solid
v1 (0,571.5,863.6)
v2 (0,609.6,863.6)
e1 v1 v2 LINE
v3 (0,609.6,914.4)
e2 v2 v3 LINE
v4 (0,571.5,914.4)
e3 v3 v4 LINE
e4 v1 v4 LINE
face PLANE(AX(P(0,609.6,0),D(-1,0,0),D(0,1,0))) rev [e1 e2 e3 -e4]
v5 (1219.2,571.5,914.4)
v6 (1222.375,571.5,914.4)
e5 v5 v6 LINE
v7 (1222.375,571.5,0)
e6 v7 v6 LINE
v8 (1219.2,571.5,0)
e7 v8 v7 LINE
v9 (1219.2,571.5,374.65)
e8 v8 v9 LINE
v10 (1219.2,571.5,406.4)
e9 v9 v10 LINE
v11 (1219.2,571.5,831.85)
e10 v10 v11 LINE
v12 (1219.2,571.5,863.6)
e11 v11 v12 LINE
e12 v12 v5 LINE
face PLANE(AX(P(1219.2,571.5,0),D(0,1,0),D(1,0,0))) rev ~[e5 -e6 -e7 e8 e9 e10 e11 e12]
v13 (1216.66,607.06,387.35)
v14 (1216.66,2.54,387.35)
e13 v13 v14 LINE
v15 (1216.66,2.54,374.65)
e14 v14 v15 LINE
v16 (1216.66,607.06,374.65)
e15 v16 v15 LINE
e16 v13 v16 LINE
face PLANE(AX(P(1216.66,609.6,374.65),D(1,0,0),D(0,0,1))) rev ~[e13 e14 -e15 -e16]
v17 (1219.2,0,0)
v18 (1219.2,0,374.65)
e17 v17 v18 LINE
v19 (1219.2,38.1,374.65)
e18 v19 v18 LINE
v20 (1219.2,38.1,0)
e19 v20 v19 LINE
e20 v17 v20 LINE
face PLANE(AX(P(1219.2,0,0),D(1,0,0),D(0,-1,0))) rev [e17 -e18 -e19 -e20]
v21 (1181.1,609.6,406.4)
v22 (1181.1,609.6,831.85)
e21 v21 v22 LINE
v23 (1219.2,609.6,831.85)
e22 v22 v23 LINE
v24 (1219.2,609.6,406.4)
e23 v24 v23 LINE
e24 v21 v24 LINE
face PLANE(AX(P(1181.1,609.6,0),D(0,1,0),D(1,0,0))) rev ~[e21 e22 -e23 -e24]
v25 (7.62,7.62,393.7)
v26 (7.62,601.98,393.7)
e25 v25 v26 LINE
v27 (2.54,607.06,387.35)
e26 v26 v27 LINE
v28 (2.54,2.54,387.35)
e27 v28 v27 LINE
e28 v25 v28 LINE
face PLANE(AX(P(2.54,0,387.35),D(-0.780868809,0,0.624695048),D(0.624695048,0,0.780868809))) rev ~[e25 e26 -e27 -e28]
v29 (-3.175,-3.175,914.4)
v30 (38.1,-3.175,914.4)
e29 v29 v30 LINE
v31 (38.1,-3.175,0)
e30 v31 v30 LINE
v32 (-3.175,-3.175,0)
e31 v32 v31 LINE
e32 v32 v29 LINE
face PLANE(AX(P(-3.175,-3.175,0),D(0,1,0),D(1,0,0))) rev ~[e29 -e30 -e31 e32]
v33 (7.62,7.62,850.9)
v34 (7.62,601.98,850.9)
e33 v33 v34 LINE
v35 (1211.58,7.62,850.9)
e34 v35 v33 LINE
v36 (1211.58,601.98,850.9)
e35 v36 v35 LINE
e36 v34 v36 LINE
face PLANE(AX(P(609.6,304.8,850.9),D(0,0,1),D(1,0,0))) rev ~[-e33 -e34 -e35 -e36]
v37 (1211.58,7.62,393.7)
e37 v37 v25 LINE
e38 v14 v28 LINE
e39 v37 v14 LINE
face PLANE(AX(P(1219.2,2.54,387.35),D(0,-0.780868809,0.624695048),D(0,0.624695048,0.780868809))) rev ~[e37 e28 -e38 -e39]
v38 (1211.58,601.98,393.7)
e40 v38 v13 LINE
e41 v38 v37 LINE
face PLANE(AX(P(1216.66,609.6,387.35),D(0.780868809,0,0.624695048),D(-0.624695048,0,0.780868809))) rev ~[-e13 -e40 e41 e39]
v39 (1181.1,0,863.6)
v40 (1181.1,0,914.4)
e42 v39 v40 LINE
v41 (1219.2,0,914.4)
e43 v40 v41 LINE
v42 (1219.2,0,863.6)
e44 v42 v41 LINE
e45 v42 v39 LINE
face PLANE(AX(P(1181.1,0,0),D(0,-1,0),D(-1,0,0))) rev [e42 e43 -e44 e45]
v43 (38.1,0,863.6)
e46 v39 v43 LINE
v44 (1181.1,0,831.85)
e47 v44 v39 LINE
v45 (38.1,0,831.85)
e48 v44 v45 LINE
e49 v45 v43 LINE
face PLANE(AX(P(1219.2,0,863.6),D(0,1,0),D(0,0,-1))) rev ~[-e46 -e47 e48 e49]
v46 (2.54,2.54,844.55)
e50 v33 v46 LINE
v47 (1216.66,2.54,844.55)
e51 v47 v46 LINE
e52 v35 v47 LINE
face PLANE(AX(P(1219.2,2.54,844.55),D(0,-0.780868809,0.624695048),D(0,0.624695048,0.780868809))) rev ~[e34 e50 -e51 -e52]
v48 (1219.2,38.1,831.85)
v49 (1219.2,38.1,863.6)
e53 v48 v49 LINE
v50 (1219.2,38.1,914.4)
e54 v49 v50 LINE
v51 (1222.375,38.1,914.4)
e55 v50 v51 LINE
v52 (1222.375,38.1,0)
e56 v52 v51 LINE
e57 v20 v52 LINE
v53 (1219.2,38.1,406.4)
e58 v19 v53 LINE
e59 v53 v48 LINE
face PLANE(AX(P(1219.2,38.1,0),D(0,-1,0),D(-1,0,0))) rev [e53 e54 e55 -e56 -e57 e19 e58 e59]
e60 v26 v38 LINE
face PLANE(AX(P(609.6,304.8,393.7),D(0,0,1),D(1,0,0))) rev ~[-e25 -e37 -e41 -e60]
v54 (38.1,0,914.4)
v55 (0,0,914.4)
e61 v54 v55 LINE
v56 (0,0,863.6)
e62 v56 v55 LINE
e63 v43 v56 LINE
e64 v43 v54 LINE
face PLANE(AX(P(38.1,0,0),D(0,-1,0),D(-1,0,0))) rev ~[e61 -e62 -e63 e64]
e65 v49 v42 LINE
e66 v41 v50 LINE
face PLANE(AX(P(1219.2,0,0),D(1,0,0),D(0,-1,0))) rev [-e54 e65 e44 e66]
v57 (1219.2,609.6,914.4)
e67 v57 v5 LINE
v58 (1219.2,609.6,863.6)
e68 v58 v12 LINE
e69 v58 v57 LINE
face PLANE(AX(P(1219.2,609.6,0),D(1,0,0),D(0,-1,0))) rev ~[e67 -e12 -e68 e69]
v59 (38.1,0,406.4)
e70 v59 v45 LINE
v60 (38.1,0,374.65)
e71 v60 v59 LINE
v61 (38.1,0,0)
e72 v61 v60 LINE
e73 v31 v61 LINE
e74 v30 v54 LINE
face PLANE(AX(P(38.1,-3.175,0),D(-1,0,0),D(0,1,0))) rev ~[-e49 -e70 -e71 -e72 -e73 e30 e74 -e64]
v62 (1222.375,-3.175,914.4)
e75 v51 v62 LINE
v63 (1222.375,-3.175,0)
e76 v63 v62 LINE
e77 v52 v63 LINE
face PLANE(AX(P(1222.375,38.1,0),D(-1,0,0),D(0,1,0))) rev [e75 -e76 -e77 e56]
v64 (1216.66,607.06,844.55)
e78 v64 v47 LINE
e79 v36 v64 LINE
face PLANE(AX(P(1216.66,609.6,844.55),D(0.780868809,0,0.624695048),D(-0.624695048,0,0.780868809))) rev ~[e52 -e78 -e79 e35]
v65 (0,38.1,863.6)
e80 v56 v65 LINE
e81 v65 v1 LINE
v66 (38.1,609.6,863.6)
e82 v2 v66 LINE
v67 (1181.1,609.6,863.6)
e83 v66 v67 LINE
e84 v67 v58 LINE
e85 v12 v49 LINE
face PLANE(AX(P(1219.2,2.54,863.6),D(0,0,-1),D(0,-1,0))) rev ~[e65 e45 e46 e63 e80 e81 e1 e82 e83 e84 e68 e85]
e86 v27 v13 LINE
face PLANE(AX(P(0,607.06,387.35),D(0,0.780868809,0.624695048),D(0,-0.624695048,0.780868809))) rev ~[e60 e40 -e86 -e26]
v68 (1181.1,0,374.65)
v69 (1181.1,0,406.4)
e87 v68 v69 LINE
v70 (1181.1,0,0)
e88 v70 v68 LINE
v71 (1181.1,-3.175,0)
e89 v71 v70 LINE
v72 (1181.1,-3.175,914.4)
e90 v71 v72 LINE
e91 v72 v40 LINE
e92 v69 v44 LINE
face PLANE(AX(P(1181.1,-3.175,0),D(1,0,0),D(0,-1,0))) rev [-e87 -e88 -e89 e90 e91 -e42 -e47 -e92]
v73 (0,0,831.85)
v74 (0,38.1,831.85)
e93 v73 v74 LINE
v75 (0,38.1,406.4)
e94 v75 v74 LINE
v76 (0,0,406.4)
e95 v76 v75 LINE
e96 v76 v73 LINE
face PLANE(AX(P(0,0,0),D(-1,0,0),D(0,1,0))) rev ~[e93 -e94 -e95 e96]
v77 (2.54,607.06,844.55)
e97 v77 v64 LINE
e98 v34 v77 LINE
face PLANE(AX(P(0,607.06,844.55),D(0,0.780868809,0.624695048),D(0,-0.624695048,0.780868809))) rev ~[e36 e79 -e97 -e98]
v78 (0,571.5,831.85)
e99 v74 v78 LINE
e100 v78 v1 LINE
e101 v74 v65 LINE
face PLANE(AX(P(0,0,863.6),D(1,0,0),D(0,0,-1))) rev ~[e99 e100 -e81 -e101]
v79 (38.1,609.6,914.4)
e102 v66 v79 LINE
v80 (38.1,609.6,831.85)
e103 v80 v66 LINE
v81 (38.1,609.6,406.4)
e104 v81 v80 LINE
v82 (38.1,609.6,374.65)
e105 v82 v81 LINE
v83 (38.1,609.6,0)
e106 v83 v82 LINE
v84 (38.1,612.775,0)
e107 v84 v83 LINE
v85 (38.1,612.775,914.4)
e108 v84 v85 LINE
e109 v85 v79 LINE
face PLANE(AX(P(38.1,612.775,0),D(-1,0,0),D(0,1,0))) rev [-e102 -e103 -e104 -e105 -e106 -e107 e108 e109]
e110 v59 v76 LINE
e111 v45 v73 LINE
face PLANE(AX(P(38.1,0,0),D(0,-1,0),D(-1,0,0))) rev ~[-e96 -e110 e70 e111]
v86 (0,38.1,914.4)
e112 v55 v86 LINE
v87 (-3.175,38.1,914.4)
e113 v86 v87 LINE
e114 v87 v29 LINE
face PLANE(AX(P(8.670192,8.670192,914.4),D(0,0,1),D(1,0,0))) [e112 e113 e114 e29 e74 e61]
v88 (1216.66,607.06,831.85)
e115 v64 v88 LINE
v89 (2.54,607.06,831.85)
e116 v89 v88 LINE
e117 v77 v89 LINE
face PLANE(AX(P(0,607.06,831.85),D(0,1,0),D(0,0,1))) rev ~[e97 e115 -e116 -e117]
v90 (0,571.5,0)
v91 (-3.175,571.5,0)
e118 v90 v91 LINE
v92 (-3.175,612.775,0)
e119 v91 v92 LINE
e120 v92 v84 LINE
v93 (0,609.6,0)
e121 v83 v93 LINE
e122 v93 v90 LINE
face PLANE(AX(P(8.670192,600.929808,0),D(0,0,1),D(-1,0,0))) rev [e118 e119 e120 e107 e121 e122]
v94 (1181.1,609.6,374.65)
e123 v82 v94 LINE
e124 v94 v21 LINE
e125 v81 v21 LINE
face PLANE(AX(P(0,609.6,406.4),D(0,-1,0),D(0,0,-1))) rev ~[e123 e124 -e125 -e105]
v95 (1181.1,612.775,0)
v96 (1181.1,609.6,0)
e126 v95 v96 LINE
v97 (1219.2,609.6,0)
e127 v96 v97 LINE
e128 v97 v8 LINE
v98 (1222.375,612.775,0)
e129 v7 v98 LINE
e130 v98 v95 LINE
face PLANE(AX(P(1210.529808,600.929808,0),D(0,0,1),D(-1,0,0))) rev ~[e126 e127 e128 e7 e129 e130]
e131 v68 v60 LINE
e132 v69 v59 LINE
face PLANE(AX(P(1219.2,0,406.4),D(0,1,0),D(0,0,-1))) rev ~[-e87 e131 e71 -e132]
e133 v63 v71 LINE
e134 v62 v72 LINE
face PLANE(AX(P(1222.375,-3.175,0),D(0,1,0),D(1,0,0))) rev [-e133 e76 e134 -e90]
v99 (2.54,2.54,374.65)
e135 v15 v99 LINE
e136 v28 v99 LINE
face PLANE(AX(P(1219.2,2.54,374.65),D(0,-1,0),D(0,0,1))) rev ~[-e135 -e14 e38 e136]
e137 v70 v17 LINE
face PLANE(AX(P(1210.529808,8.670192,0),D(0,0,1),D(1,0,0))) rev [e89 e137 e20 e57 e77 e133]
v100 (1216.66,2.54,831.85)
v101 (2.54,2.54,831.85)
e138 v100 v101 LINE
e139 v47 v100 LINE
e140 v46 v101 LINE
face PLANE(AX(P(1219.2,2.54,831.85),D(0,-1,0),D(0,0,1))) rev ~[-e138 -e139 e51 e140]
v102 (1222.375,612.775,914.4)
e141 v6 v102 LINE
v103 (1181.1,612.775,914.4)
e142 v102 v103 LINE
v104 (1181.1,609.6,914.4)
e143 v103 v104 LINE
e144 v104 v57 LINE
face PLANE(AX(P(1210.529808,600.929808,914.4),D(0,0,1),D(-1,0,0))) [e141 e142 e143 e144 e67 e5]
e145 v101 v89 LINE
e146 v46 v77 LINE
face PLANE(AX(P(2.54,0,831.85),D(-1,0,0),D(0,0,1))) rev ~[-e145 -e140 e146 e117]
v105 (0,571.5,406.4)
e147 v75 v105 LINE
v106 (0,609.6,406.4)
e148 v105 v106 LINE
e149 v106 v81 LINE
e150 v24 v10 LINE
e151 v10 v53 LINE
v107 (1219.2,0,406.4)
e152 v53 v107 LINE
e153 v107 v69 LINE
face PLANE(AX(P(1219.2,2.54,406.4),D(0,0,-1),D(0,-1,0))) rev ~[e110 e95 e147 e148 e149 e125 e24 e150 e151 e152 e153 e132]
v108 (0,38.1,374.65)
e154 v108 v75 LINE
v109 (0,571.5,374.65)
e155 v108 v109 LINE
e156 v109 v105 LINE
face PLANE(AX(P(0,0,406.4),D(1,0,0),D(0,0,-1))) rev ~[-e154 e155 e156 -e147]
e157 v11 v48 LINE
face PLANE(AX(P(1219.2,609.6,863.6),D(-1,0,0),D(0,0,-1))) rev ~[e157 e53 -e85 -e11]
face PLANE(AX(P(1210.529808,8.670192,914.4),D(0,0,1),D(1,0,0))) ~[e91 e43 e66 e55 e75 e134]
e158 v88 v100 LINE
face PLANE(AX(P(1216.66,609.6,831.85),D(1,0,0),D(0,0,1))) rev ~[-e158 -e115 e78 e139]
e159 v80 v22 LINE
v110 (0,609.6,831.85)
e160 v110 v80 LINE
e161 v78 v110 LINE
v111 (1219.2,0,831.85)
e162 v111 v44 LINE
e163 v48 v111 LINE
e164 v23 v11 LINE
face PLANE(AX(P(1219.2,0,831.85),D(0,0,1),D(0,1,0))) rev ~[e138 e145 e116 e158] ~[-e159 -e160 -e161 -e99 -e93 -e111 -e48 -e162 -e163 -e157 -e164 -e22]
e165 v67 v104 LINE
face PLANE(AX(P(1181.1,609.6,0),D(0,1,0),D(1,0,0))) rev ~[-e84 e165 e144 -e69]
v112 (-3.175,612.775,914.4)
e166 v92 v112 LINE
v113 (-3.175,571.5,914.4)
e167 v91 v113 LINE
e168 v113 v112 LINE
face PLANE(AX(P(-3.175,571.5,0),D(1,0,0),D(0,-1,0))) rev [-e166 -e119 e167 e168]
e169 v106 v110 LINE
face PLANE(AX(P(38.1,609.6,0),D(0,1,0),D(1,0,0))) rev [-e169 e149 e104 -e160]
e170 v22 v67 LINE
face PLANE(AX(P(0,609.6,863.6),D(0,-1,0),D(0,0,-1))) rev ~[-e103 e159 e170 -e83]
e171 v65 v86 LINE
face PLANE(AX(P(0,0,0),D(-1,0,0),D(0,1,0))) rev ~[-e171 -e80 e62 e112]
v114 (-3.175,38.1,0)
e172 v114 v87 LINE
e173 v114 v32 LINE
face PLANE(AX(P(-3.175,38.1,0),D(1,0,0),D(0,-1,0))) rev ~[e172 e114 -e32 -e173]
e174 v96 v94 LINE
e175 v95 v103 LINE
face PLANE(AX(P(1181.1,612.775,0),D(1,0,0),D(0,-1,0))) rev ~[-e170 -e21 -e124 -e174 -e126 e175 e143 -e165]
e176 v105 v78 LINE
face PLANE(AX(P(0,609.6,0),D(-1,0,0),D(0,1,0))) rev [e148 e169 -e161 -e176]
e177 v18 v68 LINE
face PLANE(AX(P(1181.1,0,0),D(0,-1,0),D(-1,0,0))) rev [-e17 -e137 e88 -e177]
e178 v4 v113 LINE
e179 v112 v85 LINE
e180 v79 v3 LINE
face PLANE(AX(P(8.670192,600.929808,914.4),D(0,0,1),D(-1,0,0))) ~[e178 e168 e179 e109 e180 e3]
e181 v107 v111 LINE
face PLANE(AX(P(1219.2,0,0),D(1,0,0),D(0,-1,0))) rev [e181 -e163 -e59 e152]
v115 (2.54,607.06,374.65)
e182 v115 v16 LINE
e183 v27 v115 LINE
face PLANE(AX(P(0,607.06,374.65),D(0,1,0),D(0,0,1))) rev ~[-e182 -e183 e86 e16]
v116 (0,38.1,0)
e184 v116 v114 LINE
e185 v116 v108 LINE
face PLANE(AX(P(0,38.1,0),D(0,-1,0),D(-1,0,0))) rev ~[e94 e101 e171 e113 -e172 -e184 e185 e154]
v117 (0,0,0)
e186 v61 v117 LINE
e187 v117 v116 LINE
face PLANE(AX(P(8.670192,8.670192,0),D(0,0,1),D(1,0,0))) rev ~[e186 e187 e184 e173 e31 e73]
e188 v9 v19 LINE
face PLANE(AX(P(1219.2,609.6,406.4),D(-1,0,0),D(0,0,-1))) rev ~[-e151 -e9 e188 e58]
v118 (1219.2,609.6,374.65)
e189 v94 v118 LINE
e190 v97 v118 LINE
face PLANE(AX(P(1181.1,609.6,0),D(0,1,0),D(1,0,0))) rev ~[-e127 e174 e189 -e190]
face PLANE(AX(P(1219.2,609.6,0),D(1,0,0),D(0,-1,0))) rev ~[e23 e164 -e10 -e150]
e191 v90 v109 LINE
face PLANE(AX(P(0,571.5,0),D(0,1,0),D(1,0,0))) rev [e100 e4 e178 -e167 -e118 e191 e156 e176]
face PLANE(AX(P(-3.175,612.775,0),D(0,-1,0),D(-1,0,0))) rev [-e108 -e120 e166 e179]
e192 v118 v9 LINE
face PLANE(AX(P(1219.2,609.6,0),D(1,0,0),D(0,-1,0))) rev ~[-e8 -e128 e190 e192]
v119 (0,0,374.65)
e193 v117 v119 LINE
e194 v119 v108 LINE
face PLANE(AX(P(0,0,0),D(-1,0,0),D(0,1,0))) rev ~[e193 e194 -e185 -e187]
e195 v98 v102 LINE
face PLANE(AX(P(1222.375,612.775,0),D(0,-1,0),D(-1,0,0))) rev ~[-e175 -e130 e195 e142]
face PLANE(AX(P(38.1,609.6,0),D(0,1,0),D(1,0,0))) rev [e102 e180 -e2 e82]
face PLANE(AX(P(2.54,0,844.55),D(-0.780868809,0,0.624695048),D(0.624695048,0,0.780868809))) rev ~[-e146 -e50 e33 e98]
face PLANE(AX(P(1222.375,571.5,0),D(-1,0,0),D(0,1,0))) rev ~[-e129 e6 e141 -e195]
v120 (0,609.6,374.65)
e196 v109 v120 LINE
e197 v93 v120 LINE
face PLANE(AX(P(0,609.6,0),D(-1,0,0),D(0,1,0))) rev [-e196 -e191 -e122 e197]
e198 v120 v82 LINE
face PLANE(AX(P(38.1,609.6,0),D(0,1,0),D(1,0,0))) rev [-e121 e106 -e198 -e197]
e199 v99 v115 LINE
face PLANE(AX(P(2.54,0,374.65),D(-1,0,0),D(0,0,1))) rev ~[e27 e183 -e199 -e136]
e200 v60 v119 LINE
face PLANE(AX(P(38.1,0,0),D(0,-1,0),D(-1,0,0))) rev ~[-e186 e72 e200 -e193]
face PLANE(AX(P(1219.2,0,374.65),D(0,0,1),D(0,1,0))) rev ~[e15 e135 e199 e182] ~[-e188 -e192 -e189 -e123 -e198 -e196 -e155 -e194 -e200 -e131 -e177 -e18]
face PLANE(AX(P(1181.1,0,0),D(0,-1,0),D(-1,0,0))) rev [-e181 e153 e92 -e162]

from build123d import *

# Parameters (mm, degrees)
F1_DEPTH  = 914.4
F10_W     = 1214.12
F10_H     = 604.52
F11_DEPTH = 12.7
F12_W     = 1214.12
F12_H     = 604.52
F13_DEPTH = 12.7


with BuildPart() as f1:
    # F0 (on Top) → F1 (new body)
    with BuildSketch(Plane.XY):
        Polygon((0, 38.1), (-3.175, 38.1), (-3.175, -3.175), (38.1, -3.175), (38.1, 0), (0, 0), align=None)
    extrude(amount=F1_DEPTH)


with BuildPart() as f4_1:
    # F4: instance of F1
    add(f1.part.mirror(Plane.YZ.offset(609.6)))


with BuildPart() as f5_1:
    # F5: instance of F4_1
    add(f4_1.part.mirror(Plane.XZ.offset(-304.8)))


with BuildPart() as f5_2:
    # F5: instance of F1
    add(f1.part.mirror(Plane.XZ.offset(-304.8)))


with BuildPart() as f1_1:
    add(f1.part)

    add(f4_1.part)  # F9 merges F4_1

    add(f5_1.part)  # F9 merges F5_1

    add(f5_2.part)  # F9 merges F5_2
    # F9: sweep along a path in F7
    with BuildLine(Plane.XY.offset(889)) as f9_path:
        Line((1219.2, 0), (0, 0))
        Line((0, 0), (0, 609.6))
        Line((0, 609.6), (1219.2, 609.6))
        Line((1219.2, 609.6), (1219.2, 0))
    # F8 (on face) → F9 (sweep)
    with BuildSketch(Plane.YZ.offset(38.1)):
        Polygon((2.54, 863.6), (0, 863.6), (0, 831.85), (2.54, 831.85), (2.54, 844.55), (7.62, 850.9), (2.54, 850.9), align=None)
        Polygon((2.54, 406.4), (0, 406.4), (0, 374.65), (2.54, 374.65), (2.54, 387.35), (7.62, 393.7), (2.54, 393.7), align=None)
    sweep(path=f9_path.line, transition=Transition.RIGHT)

    # F10 (on face) → F11 (join)
    with BuildSketch(Plane.XY.offset(850.9)):
        with Locations((609.6, 304.8)):
            Rectangle(F10_W, F10_H)
    extrude(amount=F11_DEPTH)

    # F12 (on face) → F13 (join)
    with BuildSketch(Plane.XY.offset(393.7)):
        with Locations((609.6, 304.8)):
            Rectangle(F12_W, F12_H)
    extrude(amount=F13_DEPTH)


solid = f1_1.part
